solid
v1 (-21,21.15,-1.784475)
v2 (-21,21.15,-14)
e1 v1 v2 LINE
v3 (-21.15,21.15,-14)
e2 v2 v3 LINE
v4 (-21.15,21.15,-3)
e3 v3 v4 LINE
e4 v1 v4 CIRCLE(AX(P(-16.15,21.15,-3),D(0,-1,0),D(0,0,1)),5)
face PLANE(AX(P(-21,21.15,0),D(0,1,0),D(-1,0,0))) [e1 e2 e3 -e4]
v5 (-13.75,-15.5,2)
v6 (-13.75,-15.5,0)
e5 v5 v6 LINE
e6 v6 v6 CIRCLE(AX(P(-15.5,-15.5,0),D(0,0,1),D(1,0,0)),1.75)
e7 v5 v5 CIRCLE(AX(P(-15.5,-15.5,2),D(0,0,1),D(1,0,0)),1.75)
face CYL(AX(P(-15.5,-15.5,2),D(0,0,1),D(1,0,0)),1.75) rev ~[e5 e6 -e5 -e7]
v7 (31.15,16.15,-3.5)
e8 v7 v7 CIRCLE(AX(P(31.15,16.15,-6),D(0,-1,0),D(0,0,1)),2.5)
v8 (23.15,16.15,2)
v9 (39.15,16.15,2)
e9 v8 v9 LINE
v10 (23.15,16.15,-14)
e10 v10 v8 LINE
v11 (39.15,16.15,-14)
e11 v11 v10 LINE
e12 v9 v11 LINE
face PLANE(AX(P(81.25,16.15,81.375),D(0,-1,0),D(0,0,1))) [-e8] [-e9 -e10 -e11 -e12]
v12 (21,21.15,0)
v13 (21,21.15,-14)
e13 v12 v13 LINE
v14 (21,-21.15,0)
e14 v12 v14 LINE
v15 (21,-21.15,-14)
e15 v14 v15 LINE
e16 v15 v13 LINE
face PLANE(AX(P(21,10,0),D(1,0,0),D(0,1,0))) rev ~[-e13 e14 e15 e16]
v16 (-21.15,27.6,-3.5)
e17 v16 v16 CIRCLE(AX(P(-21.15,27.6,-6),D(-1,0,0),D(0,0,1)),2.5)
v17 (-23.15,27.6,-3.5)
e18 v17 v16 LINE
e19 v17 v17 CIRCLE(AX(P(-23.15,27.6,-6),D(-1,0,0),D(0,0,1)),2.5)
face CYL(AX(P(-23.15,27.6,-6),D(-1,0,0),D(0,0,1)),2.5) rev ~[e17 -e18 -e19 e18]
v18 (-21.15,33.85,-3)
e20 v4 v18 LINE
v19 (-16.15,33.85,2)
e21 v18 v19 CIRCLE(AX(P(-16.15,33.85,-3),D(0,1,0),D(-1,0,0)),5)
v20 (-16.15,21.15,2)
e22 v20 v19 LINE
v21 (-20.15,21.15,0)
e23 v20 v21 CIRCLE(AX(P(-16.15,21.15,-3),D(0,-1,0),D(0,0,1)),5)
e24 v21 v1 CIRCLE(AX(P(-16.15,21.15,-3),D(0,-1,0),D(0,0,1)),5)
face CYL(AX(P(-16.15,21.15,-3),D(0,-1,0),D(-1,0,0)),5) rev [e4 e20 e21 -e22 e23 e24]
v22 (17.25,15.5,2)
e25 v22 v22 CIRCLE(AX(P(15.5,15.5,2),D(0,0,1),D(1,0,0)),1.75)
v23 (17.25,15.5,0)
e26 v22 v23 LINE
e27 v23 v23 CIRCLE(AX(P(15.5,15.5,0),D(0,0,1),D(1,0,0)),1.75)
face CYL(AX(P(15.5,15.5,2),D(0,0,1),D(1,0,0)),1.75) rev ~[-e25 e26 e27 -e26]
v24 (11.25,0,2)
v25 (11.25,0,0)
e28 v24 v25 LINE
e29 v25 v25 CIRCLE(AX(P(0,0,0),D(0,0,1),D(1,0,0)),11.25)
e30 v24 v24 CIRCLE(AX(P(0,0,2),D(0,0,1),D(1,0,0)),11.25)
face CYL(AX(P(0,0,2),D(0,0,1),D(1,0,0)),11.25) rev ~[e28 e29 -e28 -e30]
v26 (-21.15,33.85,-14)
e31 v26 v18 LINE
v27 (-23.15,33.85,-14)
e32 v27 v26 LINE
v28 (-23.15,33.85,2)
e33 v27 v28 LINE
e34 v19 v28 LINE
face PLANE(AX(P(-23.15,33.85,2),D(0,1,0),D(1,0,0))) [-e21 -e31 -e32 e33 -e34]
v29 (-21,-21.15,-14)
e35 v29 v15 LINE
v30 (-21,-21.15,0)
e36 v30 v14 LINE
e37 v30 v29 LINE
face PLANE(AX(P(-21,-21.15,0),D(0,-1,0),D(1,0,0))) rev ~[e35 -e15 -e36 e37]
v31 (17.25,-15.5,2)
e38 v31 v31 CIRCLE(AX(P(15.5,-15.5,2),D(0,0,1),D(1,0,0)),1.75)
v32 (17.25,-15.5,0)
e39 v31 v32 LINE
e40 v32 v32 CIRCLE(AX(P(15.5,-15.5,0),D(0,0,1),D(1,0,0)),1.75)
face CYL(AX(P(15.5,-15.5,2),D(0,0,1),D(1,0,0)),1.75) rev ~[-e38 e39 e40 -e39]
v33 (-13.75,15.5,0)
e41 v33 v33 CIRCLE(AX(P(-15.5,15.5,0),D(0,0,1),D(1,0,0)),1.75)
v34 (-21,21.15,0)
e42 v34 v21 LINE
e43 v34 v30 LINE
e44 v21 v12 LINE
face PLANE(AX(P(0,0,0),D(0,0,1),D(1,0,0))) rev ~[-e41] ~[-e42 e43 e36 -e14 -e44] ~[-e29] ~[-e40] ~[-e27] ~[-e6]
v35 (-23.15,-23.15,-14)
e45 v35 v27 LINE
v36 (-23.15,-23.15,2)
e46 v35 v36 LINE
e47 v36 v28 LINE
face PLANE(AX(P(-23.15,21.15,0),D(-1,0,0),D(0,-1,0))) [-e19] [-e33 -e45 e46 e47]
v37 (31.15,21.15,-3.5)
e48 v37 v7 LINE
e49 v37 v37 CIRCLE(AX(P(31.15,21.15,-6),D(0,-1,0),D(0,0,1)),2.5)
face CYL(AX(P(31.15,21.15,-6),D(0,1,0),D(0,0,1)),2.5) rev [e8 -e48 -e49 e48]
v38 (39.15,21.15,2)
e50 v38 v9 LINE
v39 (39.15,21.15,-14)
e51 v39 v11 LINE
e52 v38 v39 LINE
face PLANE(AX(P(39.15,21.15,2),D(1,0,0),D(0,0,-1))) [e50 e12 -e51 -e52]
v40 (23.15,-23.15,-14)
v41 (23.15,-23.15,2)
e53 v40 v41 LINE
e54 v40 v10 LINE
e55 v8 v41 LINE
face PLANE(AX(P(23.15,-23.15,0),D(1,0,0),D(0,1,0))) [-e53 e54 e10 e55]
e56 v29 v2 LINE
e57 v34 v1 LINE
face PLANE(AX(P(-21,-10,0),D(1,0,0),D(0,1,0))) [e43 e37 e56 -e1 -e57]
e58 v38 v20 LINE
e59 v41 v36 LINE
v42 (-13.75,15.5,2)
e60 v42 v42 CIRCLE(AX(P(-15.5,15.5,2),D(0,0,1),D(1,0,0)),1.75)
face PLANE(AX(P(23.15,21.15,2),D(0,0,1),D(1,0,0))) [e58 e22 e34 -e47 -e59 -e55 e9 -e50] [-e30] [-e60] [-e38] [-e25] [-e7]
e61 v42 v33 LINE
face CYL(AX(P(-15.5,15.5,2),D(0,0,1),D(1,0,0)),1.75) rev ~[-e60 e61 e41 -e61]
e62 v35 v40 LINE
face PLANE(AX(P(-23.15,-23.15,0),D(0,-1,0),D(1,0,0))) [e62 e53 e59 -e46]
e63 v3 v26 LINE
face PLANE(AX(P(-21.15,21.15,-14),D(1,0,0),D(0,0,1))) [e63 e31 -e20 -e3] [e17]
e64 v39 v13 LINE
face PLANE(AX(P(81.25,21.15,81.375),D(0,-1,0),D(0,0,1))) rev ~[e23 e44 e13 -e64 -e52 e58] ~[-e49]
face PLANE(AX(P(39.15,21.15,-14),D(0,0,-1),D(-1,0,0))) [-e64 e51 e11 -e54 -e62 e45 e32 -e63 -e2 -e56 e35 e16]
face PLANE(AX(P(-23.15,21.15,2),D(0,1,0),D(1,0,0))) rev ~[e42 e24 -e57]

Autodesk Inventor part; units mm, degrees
ref_plane "YZ Plane" through (0, 0, 0) normal (1, 0, 0) x (0, 1, 0)
sketch "Sketch1" plane through (0, 0, 0) normal (0, 0, 1) x (1, 0, 0)
  line L0 (-20, 16.5858) -> (-16.5858, 20) projected
  line L1 (-20, -16.5858) -> (-20, 16.5858) projected
  line L2 (-16.5858, -20) -> (-20, -16.5858) projected
  line L3 (16.5858, -20) -> (-16.5858, -20) projected
  line L4 (20, -16.5858) -> (16.5858, -20) projected
  line L5 (20, 16.5858) -> (20, -16.5858) projected
  line L6 (16.5858, 20) -> (20, 16.5858) projected
  line L7 (-16.5858, 20) -> (16.5858, 20) projected
  circle A0 centre (15.5, -15.5) radius 1.5 projected
  circle A1 centre (-15.5, 15.5) radius 1.5 projected
  circle A2 centre (-15.5, -15.5) radius 1.5 projected
  circle A3 centre (15.5, 15.5) radius 1.5 projected
  circle A4 centre (0, 0) radius 11 projected
  circle A5 centre (0, 0) radius 4.9 projected
  line L8 (13.1931, -21.15) -> (-13.1931, -21.15) projected
  line L9 (-21.15, -13.1931) -> (-21.15, 13.1931) projected
  line L10 (21.15, 21.15) -> (-21.15, 21.15)
  line L11 (-21.15, 21.15) -> (-21.15, -21.15)
  line L12 (-21.15, -21.15) -> (21.15, -21.15)
  line L13 (21.15, -21.15) -> (21.15, 21.15)
  line L14 (21.15, 21.15) -> (-21.15, -21.15) construction
  line L15 (-21.15, 21.15) -> (21.15, -21.15) construction
  line L16 (23.15, -23.15) -> (-23.15, -23.15)
  line L17 (-23.15, -23.15) -> (-23.15, 21.15)
  line L18 (23.15, 21.15) -> (23.15, -23.15)
  line L19 (23.15, 21.15) -> (-23.15, 21.15)
  line L20 (-23.15, 21.15) -> (-23.1187, 21.15)
  line L21 (23.15, 21.15) -> (21.15, 21.15)
  line L22 (-13.1931, -21.15) -> (13.1931, -21.15)
  dimension "d0" = 2
extrude "Extrusion1" add sketch "Sketch1" along normal blind 2 contours L0 L7 L6 L5 L4 L3 L2 L1 | L12 L13 L19 L18 L16 L17 L11 L9 L8 | L8 L12 L11 L9 L10 L13
sketch "Sketch2" plane through (0, 0, 0) normal (0, 0, -1) x (-1, 0, 0)
  line L0 (21, -10) -> (21, 10) projected
  line L1 (-21, 10) -> (-21, -10) projected
  line L2 (-198.65, 21.15) -> (16.15, 21.15) projected
  line L3 (21, -21.15) -> (-21, -21.15)
  line L4 (-21, -21.15) -> (-21, 21.15)
  line L5 (-21, 21.15) -> (21, 21.15)
  line L6 (21, 21.15) -> (21, -21.15)
  line L7 (21, -21.15) -> (-21, 21.15) construction
  line L8 (-21, -21.15) -> (21, 21.15) construction
  line L9 (23.15, -23.15) -> (-23.15, -23.15) projected
  line L10 (-23.15, -23.15) -> (-23.15, 21.15) projected
  line L11 (23.15, 21.15) -> (23.15, -23.15) projected
  line L12 (-23.15, 21.15) -> (23.15, 21.15) projected
  line L13 (21, 21.15) -> (23.15, 21.15)
  line L14 (23.15, 21.15) -> (-21, 21.15)
  line L15 (-21, 21.15) -> (-23.15, 21.15)
  point P0 (0, 0)
ref_plane "Work Plane1" through (-21, -21, -14) normal (0, 0, 1) x (1, 0, 0)
extrude "Extrusion2" add sketch "Sketch2" along normal up to surface (14 mm away) contours L0 L6 L12 L11 L9 L10 L2 L4 L1 L3
sketch "Sketch3" plane through (-23.15, 21.15, 2) normal (0, 1, 0) x (1, 0, 0)
  line L0 (44.15, 2) -> (2.15, 2) projected
  line L1 (2.15, 2) -> (2.15, 16) projected
  line L2 (0, 16) -> (2.15, 16) projected
  line L3 (0, 16) -> (0, 0) projected
  line L4 (46.3, 0) -> (0, 0) projected
  line L5 (46.3, 0) -> (46.3, 16) projected
  line L6 (44.15, 16) -> (46.3, 16) projected
  line L7 (44.15, 2) -> (44.15, 16) projected
  arc A0 (2, -201.375) -> (7, -206.375) centre (7, -201.375) ccw projected
  line L8 (7, -206.375) -> (221.8, -206.375) projected
  arc A1 (221.8, -206.375) -> (226.8, -201.375) centre (221.8, -201.375) ccw projected
  line L9 (226.8, -201.375) -> (226.8, -174.375) projected
  arc A2 (226.8, -174.375) -> (221.8, -169.375) centre (221.8, -174.375) ccw projected
  line L10 (221.8, -169.375) -> (151.8, -169.375) projected
  arc A3 (146.8, -164.375) -> (151.8, -169.375) centre (151.8, -164.375) ccw projected
  line L11 (146.8, -164.375) -> (146.8, 5.625) projected
  arc A4 (151.8, 10.625) -> (146.8, 5.625) centre (151.8, 5.625) ccw projected
  line L12 (151.8, 10.625) -> (221.8, 10.625) projected
  arc A5 (221.8, 10.625) -> (226.8, 15.625) centre (221.8, 15.625) ccw projected
  line L13 (226.8, 15.625) -> (226.8, 42.625) projected
  arc A6 (226.8, 42.625) -> (221.8, 47.625) centre (221.8, 42.625) ccw projected
  line L14 (221.8, 47.625) -> (7, 47.625) projected
  arc A7 (7, 47.625) -> (2, 42.625) centre (7, 42.625) ccw projected
  line L15 (2, 42.625) -> (2, 5) projected
  arc A8 (2, 5) -> (7, 0) centre (7, 5) ccw projected
  line L16 (7, 0) -> (78.6, 0) projected
  arc A9 (83.6, -5) -> (78.6, 0) centre (78.6, -5) ccw projected
  line L17 (83.6, -5) -> (83.6, -153.75) projected
  arc A10 (78.6, -158.75) -> (83.6, -153.75) centre (78.6, -153.75) ccw projected
  line L18 (78.6, -158.75) -> (7, -158.75) projected
  arc A11 (7, -158.75) -> (2, -163.75) centre (7, -163.75) ccw projected
  line L19 (2, -163.75) -> (2, -201.375) projected
  line L20 (2, 5) -> (0, 5)
  circle A12 centre (208.3, 29.125) radius 5 projected
  circle A13 centre (208.3, -187.875) radius 5 projected
  circle A14 centre (20.5, 29.125) radius 5 projected
  circle A15 centre (20.5, -187.875) radius 5 projected
  point P0 (23.15, 2)
  point P1 (2, 16)
ref_plane "Work Plane2" through (-21.15, 33.85, -45.625) normal (0, 1, 0) x (0, 0, 1)
extrude "Extrusion3" add sketch "Sketch3" along normal up to surface (12.7 mm away) contours A8 L4 L3 L20 L1 L0 | L0 L1 A8 | L20 L3 L2 L15
sketch "Sketch4" plane through (-23.15, -23.15, -14) normal (-1, 0, 0) x (0, 0, 1)
  line L0 (0, 0) -> (0, 57) projected
  line L1 (16, 0) -> (16, 57) projected
  line L2 (0, 57) -> (16, 57)
  line L3 (16, 57) -> (16, 44.5)
  line L4 (16, 44.5) -> (0, 44.5)
  line L5 (0, 44.5) -> (0, 57)
  circle A0 centre (8, 50.75) radius 2.5
  point P0 (14, 23.15)
  dimension "d7" = 12.5
  dimension "d8" = 5
extrude "Extrusion4" cut sketch "Sketch4" against normal blind 2 contours A0
ref_plane "Work Plane3" through (81.25, 21.15, 81.375) normal (0, -1, 0) x (0, 0, 1)
sketch "Sketch5" plane through (81.25, 21.15, 81.375) normal (0, -1, 0) x (0, 0, 1)
  line L0 (-95.375, 58.1) -> (-79.375, 58.1) projected
  line L1 (-95.375, 58.1) -> (-79.375, 58.1) projected
  line L2 (-79.375, 104.4) -> (-79.375, 58.1) projected
  line L3 (-95.375, 104.4) -> (-79.375, 104.4) projected
  line L4 (-95.375, 58.1) -> (-95.375, 104.4) projected
  line L5 (-95.375, 58.1) -> (-79.375, 58.1)
  line L6 (-79.375, 58.1) -> (-79.375, 42.1)
  line L7 (-79.375, 42.1) -> (-95.375, 42.1)
  line L8 (-95.375, 42.1) -> (-95.375, 58.1)
  circle A0 centre (-87.375, 50.1) radius 2.5
  point P0 (-81.375, 81.25)
  dimension "d11" = 16
  dimension "d12" = 16
  dimension "d13" = 5
extrude "Extrusion6" add sketch "Sketch5" along normal blind 5 contours L0 L6 L7 L8
sketch "Sketch6" plane through (0, 0, 2) normal (0, 0, 1) x (1, 0, 0)
  circle A0 centre (0, 0) radius 11 projected
  circle A1 centre (15.5, 15.5) radius 1.5 projected
  circle A2 centre (15.5, -15.5) radius 1.5 projected
  circle A3 centre (-15.5, -15.5) radius 1.5 projected
  circle A4 centre (-15.5, 15.5) radius 1.5 projected
  circle A5 centre (0, 0) radius 11.25
  circle A6 centre (15.5, 15.5) radius 1.75
  circle A7 centre (-15.5, 15.5) radius 1.75
  circle A8 centre (15.5, -15.5) radius 1.75
  circle A9 centre (-15.5, -15.5) radius 1.75
  point P0 (0, 0)
  dimension "d18" = 0.25
  dimension "d19" = 0.25
  dimension "d20" = 0.25
  dimension "d21" = 0.25
  dimension "d22" = 0.25
extrude "Extrusion7" cut sketch "Sketch6" against normal up to surface (2 mm away) contours A0 | A1 | A2 | A3 | A4 | A5 | A6 | A7 | A8 | A9
properties part number "PancakeNema17MotorMountOffset"
